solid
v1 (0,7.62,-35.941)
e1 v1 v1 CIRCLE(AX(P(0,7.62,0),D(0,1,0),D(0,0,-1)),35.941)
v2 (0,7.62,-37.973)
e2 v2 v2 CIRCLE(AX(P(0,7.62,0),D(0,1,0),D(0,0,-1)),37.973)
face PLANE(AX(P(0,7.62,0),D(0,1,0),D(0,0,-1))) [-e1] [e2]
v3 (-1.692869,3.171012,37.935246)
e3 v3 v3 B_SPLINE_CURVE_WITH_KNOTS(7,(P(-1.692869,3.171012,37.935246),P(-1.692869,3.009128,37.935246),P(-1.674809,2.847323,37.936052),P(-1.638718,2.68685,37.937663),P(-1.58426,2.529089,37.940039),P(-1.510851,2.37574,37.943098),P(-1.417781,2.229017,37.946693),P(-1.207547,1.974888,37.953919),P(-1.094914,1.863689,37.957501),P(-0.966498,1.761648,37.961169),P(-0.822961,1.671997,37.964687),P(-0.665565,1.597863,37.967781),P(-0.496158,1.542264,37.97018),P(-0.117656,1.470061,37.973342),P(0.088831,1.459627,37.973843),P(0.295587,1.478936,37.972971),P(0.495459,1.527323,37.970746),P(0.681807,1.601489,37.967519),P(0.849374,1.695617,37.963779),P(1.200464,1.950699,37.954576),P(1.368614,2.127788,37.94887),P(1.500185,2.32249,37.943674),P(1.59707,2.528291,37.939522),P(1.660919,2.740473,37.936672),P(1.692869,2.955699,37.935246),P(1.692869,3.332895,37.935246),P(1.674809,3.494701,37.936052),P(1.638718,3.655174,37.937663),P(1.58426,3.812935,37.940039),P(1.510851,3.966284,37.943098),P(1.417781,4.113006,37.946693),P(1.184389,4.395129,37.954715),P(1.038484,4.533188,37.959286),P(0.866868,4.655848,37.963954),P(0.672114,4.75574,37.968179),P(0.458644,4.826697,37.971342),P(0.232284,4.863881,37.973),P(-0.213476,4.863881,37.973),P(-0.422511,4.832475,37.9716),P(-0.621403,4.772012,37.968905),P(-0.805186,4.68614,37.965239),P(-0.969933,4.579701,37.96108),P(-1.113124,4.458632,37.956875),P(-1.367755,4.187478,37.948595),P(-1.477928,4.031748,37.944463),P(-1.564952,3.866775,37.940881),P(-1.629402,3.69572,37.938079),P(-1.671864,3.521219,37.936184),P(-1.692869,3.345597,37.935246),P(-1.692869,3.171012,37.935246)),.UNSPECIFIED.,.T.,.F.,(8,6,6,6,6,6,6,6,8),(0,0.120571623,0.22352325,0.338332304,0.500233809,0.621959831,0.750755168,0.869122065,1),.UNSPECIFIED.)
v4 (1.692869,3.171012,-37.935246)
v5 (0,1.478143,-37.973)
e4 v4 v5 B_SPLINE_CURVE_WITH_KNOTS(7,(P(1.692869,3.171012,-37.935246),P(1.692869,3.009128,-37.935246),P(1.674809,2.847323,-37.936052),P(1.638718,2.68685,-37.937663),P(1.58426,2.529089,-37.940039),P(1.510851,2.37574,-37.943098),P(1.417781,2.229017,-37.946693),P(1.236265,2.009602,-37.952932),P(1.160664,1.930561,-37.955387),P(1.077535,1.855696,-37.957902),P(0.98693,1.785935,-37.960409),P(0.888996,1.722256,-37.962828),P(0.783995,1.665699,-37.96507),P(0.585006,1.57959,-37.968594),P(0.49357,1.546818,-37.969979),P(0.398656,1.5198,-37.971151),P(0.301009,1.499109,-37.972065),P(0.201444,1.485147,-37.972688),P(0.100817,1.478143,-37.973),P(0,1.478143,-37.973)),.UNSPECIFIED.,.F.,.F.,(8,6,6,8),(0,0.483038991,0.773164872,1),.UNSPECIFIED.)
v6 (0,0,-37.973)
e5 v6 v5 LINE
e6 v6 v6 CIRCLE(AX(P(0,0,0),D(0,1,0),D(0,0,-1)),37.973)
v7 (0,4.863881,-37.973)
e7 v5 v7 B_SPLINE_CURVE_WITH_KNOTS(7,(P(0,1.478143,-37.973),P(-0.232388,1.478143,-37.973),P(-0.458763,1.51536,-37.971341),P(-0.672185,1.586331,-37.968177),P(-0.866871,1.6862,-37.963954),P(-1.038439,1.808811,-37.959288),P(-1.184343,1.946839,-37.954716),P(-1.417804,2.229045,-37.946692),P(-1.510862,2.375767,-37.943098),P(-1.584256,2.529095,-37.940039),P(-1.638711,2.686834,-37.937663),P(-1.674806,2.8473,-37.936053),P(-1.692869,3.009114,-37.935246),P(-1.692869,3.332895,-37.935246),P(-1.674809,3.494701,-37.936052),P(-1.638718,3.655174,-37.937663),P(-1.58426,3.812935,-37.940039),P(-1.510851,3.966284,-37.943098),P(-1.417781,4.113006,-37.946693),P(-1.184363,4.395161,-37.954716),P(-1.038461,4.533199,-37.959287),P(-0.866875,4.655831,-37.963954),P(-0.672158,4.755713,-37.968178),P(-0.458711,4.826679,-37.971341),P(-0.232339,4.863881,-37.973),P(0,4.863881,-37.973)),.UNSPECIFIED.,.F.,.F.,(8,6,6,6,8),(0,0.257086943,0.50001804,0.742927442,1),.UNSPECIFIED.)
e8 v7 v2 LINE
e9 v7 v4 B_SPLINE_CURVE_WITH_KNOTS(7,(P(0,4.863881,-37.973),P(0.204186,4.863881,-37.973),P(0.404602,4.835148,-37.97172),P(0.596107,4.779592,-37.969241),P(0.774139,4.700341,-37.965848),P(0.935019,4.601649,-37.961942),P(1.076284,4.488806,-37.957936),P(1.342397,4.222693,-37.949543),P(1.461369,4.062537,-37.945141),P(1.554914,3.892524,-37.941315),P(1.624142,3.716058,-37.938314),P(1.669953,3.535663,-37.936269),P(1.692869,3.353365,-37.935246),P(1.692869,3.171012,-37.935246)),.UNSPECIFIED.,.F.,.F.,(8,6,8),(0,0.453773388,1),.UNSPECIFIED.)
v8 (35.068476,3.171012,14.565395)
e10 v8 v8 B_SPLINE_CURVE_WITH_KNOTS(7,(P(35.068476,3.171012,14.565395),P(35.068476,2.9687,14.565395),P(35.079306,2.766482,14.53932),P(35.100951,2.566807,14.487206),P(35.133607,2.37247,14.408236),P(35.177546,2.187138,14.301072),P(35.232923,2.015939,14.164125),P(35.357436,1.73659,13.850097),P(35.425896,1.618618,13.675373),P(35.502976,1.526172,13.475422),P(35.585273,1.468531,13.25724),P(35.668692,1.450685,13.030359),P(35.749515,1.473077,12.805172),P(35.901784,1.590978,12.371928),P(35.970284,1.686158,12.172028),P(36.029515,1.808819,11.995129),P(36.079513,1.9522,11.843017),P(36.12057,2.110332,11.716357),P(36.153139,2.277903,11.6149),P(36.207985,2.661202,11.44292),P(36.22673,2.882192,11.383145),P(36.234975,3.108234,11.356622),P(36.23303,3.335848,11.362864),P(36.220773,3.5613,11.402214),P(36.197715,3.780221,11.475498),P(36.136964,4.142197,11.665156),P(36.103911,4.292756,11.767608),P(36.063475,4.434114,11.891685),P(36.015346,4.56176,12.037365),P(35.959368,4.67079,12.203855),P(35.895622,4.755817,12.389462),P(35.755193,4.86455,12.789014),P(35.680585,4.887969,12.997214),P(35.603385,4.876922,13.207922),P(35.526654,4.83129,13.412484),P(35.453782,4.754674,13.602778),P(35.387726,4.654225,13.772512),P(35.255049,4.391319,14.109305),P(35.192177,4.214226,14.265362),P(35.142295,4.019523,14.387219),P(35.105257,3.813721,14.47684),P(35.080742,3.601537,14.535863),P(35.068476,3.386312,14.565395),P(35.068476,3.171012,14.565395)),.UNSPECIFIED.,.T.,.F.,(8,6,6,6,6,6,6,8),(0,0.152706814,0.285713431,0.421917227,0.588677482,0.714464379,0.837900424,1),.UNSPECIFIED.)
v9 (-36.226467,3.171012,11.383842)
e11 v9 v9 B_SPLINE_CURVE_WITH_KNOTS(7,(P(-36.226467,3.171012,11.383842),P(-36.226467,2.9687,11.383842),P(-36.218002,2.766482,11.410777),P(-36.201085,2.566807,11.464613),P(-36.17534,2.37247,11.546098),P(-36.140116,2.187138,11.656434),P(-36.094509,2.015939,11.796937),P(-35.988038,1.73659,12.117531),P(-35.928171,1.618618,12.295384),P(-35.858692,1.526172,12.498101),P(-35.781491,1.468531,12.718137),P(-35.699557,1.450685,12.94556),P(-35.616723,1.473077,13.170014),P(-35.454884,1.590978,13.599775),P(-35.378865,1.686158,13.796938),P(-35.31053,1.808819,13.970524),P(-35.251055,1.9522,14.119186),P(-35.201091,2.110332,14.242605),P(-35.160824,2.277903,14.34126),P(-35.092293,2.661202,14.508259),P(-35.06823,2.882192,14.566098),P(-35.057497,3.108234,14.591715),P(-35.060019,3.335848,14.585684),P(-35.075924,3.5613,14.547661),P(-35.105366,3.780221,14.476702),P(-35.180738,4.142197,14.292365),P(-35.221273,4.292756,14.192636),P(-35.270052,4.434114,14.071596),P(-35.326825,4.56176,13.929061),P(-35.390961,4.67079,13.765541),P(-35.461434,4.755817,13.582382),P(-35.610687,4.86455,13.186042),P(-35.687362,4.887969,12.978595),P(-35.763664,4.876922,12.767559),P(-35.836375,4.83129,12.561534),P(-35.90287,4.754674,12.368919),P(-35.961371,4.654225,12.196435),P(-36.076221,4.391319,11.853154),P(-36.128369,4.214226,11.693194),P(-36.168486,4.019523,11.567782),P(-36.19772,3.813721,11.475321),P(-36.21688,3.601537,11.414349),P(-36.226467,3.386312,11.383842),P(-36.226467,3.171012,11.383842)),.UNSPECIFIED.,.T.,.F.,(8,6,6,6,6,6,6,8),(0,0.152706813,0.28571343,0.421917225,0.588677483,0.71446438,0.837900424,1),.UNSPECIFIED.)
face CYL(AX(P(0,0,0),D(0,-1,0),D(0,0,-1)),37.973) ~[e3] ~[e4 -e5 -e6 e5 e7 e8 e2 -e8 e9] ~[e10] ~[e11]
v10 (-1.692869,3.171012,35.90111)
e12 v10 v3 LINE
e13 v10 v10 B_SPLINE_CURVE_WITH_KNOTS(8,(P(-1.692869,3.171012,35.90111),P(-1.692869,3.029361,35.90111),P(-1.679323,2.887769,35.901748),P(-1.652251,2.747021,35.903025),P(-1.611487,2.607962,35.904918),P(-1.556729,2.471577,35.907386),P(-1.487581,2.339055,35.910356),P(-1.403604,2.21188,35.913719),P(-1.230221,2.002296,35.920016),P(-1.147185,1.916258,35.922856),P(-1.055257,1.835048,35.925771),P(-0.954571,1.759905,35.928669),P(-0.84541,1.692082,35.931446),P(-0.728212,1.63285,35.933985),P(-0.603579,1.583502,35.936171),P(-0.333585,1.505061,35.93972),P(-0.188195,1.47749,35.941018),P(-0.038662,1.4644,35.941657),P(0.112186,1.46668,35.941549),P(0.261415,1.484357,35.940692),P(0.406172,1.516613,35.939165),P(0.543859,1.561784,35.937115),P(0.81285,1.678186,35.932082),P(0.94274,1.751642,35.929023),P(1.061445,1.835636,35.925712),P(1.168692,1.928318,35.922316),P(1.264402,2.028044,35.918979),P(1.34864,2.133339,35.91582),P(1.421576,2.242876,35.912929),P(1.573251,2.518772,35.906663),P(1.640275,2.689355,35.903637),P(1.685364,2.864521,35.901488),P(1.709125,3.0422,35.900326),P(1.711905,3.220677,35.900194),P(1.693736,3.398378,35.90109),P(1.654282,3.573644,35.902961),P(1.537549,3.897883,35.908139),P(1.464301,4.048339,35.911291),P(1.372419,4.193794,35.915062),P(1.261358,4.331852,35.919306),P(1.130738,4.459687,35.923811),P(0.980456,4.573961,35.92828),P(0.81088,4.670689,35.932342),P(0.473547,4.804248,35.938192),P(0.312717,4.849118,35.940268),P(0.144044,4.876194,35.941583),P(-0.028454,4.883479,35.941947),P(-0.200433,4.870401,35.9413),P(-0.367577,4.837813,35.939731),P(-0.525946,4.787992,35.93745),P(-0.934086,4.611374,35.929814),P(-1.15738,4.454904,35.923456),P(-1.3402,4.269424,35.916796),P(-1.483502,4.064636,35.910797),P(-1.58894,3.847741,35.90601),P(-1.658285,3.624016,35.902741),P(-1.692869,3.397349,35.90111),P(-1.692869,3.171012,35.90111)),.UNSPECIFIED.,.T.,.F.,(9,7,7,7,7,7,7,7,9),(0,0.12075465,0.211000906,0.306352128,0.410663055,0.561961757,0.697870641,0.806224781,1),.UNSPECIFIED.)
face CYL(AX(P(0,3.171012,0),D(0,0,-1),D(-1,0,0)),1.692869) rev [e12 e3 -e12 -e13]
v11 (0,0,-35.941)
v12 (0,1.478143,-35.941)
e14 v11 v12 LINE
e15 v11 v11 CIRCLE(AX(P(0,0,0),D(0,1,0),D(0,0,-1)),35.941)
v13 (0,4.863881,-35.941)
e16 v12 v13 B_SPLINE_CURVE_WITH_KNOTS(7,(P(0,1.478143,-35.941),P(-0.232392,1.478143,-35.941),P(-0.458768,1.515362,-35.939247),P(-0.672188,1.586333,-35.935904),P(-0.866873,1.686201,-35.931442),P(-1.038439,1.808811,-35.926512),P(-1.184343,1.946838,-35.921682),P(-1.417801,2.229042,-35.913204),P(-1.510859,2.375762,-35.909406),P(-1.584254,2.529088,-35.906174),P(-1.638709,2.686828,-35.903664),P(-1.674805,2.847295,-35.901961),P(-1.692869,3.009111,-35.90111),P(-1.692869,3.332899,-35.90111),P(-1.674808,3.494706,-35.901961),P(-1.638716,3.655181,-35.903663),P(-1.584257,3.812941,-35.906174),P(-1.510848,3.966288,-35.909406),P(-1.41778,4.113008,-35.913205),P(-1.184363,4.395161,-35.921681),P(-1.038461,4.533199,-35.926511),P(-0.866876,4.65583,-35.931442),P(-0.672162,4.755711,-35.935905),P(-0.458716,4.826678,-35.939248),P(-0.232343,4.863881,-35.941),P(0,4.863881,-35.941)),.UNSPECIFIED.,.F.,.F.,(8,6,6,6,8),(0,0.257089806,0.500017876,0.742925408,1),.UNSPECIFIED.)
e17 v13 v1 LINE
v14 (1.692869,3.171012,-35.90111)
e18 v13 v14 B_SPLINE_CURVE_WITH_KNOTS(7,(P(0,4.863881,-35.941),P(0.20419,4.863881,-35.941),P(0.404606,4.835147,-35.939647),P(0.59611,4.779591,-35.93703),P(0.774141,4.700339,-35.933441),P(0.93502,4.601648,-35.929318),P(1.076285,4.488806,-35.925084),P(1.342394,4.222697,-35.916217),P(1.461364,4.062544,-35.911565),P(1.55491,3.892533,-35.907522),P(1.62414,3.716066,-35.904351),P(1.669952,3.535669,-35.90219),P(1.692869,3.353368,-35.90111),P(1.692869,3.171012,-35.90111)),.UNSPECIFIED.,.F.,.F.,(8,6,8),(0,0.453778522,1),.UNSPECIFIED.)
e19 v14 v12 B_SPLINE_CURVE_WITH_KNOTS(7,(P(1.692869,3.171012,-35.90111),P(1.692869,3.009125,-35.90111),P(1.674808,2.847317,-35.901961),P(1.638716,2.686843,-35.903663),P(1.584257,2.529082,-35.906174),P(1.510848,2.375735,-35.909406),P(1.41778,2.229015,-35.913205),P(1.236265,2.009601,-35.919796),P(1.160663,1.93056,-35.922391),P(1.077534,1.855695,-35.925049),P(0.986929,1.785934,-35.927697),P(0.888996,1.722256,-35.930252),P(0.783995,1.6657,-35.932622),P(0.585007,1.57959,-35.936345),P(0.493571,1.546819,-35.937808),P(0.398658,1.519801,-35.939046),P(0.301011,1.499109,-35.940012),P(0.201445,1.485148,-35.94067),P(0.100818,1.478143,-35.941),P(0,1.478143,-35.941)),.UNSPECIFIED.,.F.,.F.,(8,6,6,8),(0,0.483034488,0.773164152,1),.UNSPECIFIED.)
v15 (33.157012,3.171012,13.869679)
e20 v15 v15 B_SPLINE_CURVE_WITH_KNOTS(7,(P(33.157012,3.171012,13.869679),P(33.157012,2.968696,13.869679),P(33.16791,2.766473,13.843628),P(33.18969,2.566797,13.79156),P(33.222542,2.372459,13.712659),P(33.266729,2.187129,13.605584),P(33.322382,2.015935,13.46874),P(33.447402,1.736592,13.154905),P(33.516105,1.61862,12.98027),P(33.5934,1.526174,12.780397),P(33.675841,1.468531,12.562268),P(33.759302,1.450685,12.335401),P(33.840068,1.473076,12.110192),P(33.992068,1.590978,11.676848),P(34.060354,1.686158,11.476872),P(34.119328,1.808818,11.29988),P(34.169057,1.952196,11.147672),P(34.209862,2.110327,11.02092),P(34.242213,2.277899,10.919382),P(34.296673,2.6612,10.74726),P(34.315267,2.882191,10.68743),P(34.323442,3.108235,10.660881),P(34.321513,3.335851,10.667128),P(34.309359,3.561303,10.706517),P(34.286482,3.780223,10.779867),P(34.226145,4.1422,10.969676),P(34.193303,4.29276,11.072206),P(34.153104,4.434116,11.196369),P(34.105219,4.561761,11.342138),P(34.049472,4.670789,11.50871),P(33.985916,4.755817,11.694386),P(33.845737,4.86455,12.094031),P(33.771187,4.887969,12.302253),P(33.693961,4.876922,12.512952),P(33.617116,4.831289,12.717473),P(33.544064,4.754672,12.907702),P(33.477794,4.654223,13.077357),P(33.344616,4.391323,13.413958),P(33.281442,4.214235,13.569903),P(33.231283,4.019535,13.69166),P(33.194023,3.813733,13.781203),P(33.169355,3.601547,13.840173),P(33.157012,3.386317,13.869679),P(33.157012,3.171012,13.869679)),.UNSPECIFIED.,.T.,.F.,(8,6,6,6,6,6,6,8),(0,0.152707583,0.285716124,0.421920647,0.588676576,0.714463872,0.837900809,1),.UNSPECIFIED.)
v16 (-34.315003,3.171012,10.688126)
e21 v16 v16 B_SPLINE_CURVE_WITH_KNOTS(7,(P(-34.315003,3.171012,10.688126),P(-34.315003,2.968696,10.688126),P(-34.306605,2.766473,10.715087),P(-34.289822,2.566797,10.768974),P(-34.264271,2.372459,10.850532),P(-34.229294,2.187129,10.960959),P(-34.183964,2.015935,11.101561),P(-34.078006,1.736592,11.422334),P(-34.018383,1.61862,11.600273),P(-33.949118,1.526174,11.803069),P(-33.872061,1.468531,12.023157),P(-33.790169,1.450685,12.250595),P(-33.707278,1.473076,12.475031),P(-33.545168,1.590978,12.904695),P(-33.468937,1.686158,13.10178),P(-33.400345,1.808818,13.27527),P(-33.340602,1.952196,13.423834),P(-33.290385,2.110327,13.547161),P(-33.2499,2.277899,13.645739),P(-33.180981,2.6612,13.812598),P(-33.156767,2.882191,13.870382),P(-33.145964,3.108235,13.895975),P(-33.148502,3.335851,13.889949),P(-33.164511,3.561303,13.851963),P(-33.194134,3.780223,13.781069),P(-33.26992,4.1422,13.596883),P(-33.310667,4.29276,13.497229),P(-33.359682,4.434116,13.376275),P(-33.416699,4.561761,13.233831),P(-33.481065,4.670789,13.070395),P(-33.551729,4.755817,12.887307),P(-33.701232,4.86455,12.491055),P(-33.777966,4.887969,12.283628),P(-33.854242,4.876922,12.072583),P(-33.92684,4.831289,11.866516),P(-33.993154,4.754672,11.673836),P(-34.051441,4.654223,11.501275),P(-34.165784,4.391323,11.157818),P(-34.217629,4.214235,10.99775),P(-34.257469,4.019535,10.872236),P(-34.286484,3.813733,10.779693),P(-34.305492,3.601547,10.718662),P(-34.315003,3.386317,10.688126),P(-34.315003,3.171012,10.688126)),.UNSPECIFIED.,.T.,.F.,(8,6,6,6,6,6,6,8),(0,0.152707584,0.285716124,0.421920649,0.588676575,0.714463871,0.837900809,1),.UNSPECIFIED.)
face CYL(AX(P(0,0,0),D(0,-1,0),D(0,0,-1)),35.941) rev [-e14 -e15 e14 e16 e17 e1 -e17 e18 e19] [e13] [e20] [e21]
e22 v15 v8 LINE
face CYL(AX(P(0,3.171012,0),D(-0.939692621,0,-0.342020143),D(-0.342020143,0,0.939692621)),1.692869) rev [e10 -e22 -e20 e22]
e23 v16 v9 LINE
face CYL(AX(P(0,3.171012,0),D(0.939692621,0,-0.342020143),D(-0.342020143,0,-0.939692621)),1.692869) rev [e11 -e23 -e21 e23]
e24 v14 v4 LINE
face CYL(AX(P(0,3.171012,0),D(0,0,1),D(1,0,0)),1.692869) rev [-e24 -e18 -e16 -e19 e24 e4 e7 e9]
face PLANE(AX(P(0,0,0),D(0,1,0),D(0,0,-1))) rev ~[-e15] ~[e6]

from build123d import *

# Parameters (mm, degrees)
SKETCH1_R                       = 37.973
SKETCH1_R_2                     = 35.941
BOSS_EXTRUDE1_DEPTH             = 7.62
SKETCH2_R                       = 1.692869147
CUT_EXTRUDE1_DEPTH              = 86.62
CIRPATTERN1_COUNT               = 2
CIRPATTERN2_COUNT               = 2
CIRPATTERN2_ANGLE               = 70
CIRPATTERN2_THE_OTHER_WAY_COUNT = 2
CIRPATTERN2_THE_OTHER_WAY_ANGLE = 70


with BuildPart() as part:
    # Sketch1 → Boss-Extrude1 (new body)
    with BuildSketch(Plane(origin=(0, 0, 0), x_dir=(1, 0, 0), z_dir=(0, 1, 0))):
        with Locations(Location((0, 0, 0), (0, 0, 90))):
            Circle(SKETCH1_R)
        with Locations(Location((0, 0, 0), (0, 0, 90))):
            Circle(SKETCH1_R_2, mode=Mode.SUBTRACT)
    extrude(amount=BOSS_EXTRUDE1_DEPTH)

    # Sketch2 → Cut-Extrude1 (cut)
    with BuildSketch(Plane.XY):
        with Locations(Location((0, 3.171011831, 0), (0, 0, 180))):
            Circle(SKETCH2_R)
    cut_extrude1 = extrude(amount=CUT_EXTRUDE1_DEPTH, mode=Mode.SUBTRACT)

    # CirPattern1: Cut-Extrude1 ×2 about axis
    cirpattern1_axis = Axis((0, 7.62, 0), (0, -1, 0))
    for i in range(1, CIRPATTERN1_COUNT):
        add(cut_extrude1.rotate(cirpattern1_axis, i * 360 / CIRPATTERN1_COUNT), mode=Mode.SUBTRACT)

    # CirPattern2: Cut-Extrude1 ×2 about axis
    cirpattern2_axis = Axis((0, 7.62, 0), (0, 1, 0))
    for i in range(1, CIRPATTERN2_COUNT):
        add(cut_extrude1.rotate(cirpattern2_axis, i * CIRPATTERN2_ANGLE / (CIRPATTERN2_COUNT - 1)), mode=Mode.SUBTRACT)

    # CirPattern2 the other way: Cut-Extrude1 ×2 about axis
    cirpattern2_the_other_way_axis = Axis((0, 7.62, 0), (0, -1, 0))
    for i in range(1, CIRPATTERN2_THE_OTHER_WAY_COUNT):
        add(cut_extrude1.rotate(cirpattern2_the_other_way_axis, i * CIRPATTERN2_THE_OTHER_WAY_ANGLE / (CIRPATTERN2_THE_OTHER_WAY_COUNT - 1)), mode=Mode.SUBTRACT)


solid = part.part
